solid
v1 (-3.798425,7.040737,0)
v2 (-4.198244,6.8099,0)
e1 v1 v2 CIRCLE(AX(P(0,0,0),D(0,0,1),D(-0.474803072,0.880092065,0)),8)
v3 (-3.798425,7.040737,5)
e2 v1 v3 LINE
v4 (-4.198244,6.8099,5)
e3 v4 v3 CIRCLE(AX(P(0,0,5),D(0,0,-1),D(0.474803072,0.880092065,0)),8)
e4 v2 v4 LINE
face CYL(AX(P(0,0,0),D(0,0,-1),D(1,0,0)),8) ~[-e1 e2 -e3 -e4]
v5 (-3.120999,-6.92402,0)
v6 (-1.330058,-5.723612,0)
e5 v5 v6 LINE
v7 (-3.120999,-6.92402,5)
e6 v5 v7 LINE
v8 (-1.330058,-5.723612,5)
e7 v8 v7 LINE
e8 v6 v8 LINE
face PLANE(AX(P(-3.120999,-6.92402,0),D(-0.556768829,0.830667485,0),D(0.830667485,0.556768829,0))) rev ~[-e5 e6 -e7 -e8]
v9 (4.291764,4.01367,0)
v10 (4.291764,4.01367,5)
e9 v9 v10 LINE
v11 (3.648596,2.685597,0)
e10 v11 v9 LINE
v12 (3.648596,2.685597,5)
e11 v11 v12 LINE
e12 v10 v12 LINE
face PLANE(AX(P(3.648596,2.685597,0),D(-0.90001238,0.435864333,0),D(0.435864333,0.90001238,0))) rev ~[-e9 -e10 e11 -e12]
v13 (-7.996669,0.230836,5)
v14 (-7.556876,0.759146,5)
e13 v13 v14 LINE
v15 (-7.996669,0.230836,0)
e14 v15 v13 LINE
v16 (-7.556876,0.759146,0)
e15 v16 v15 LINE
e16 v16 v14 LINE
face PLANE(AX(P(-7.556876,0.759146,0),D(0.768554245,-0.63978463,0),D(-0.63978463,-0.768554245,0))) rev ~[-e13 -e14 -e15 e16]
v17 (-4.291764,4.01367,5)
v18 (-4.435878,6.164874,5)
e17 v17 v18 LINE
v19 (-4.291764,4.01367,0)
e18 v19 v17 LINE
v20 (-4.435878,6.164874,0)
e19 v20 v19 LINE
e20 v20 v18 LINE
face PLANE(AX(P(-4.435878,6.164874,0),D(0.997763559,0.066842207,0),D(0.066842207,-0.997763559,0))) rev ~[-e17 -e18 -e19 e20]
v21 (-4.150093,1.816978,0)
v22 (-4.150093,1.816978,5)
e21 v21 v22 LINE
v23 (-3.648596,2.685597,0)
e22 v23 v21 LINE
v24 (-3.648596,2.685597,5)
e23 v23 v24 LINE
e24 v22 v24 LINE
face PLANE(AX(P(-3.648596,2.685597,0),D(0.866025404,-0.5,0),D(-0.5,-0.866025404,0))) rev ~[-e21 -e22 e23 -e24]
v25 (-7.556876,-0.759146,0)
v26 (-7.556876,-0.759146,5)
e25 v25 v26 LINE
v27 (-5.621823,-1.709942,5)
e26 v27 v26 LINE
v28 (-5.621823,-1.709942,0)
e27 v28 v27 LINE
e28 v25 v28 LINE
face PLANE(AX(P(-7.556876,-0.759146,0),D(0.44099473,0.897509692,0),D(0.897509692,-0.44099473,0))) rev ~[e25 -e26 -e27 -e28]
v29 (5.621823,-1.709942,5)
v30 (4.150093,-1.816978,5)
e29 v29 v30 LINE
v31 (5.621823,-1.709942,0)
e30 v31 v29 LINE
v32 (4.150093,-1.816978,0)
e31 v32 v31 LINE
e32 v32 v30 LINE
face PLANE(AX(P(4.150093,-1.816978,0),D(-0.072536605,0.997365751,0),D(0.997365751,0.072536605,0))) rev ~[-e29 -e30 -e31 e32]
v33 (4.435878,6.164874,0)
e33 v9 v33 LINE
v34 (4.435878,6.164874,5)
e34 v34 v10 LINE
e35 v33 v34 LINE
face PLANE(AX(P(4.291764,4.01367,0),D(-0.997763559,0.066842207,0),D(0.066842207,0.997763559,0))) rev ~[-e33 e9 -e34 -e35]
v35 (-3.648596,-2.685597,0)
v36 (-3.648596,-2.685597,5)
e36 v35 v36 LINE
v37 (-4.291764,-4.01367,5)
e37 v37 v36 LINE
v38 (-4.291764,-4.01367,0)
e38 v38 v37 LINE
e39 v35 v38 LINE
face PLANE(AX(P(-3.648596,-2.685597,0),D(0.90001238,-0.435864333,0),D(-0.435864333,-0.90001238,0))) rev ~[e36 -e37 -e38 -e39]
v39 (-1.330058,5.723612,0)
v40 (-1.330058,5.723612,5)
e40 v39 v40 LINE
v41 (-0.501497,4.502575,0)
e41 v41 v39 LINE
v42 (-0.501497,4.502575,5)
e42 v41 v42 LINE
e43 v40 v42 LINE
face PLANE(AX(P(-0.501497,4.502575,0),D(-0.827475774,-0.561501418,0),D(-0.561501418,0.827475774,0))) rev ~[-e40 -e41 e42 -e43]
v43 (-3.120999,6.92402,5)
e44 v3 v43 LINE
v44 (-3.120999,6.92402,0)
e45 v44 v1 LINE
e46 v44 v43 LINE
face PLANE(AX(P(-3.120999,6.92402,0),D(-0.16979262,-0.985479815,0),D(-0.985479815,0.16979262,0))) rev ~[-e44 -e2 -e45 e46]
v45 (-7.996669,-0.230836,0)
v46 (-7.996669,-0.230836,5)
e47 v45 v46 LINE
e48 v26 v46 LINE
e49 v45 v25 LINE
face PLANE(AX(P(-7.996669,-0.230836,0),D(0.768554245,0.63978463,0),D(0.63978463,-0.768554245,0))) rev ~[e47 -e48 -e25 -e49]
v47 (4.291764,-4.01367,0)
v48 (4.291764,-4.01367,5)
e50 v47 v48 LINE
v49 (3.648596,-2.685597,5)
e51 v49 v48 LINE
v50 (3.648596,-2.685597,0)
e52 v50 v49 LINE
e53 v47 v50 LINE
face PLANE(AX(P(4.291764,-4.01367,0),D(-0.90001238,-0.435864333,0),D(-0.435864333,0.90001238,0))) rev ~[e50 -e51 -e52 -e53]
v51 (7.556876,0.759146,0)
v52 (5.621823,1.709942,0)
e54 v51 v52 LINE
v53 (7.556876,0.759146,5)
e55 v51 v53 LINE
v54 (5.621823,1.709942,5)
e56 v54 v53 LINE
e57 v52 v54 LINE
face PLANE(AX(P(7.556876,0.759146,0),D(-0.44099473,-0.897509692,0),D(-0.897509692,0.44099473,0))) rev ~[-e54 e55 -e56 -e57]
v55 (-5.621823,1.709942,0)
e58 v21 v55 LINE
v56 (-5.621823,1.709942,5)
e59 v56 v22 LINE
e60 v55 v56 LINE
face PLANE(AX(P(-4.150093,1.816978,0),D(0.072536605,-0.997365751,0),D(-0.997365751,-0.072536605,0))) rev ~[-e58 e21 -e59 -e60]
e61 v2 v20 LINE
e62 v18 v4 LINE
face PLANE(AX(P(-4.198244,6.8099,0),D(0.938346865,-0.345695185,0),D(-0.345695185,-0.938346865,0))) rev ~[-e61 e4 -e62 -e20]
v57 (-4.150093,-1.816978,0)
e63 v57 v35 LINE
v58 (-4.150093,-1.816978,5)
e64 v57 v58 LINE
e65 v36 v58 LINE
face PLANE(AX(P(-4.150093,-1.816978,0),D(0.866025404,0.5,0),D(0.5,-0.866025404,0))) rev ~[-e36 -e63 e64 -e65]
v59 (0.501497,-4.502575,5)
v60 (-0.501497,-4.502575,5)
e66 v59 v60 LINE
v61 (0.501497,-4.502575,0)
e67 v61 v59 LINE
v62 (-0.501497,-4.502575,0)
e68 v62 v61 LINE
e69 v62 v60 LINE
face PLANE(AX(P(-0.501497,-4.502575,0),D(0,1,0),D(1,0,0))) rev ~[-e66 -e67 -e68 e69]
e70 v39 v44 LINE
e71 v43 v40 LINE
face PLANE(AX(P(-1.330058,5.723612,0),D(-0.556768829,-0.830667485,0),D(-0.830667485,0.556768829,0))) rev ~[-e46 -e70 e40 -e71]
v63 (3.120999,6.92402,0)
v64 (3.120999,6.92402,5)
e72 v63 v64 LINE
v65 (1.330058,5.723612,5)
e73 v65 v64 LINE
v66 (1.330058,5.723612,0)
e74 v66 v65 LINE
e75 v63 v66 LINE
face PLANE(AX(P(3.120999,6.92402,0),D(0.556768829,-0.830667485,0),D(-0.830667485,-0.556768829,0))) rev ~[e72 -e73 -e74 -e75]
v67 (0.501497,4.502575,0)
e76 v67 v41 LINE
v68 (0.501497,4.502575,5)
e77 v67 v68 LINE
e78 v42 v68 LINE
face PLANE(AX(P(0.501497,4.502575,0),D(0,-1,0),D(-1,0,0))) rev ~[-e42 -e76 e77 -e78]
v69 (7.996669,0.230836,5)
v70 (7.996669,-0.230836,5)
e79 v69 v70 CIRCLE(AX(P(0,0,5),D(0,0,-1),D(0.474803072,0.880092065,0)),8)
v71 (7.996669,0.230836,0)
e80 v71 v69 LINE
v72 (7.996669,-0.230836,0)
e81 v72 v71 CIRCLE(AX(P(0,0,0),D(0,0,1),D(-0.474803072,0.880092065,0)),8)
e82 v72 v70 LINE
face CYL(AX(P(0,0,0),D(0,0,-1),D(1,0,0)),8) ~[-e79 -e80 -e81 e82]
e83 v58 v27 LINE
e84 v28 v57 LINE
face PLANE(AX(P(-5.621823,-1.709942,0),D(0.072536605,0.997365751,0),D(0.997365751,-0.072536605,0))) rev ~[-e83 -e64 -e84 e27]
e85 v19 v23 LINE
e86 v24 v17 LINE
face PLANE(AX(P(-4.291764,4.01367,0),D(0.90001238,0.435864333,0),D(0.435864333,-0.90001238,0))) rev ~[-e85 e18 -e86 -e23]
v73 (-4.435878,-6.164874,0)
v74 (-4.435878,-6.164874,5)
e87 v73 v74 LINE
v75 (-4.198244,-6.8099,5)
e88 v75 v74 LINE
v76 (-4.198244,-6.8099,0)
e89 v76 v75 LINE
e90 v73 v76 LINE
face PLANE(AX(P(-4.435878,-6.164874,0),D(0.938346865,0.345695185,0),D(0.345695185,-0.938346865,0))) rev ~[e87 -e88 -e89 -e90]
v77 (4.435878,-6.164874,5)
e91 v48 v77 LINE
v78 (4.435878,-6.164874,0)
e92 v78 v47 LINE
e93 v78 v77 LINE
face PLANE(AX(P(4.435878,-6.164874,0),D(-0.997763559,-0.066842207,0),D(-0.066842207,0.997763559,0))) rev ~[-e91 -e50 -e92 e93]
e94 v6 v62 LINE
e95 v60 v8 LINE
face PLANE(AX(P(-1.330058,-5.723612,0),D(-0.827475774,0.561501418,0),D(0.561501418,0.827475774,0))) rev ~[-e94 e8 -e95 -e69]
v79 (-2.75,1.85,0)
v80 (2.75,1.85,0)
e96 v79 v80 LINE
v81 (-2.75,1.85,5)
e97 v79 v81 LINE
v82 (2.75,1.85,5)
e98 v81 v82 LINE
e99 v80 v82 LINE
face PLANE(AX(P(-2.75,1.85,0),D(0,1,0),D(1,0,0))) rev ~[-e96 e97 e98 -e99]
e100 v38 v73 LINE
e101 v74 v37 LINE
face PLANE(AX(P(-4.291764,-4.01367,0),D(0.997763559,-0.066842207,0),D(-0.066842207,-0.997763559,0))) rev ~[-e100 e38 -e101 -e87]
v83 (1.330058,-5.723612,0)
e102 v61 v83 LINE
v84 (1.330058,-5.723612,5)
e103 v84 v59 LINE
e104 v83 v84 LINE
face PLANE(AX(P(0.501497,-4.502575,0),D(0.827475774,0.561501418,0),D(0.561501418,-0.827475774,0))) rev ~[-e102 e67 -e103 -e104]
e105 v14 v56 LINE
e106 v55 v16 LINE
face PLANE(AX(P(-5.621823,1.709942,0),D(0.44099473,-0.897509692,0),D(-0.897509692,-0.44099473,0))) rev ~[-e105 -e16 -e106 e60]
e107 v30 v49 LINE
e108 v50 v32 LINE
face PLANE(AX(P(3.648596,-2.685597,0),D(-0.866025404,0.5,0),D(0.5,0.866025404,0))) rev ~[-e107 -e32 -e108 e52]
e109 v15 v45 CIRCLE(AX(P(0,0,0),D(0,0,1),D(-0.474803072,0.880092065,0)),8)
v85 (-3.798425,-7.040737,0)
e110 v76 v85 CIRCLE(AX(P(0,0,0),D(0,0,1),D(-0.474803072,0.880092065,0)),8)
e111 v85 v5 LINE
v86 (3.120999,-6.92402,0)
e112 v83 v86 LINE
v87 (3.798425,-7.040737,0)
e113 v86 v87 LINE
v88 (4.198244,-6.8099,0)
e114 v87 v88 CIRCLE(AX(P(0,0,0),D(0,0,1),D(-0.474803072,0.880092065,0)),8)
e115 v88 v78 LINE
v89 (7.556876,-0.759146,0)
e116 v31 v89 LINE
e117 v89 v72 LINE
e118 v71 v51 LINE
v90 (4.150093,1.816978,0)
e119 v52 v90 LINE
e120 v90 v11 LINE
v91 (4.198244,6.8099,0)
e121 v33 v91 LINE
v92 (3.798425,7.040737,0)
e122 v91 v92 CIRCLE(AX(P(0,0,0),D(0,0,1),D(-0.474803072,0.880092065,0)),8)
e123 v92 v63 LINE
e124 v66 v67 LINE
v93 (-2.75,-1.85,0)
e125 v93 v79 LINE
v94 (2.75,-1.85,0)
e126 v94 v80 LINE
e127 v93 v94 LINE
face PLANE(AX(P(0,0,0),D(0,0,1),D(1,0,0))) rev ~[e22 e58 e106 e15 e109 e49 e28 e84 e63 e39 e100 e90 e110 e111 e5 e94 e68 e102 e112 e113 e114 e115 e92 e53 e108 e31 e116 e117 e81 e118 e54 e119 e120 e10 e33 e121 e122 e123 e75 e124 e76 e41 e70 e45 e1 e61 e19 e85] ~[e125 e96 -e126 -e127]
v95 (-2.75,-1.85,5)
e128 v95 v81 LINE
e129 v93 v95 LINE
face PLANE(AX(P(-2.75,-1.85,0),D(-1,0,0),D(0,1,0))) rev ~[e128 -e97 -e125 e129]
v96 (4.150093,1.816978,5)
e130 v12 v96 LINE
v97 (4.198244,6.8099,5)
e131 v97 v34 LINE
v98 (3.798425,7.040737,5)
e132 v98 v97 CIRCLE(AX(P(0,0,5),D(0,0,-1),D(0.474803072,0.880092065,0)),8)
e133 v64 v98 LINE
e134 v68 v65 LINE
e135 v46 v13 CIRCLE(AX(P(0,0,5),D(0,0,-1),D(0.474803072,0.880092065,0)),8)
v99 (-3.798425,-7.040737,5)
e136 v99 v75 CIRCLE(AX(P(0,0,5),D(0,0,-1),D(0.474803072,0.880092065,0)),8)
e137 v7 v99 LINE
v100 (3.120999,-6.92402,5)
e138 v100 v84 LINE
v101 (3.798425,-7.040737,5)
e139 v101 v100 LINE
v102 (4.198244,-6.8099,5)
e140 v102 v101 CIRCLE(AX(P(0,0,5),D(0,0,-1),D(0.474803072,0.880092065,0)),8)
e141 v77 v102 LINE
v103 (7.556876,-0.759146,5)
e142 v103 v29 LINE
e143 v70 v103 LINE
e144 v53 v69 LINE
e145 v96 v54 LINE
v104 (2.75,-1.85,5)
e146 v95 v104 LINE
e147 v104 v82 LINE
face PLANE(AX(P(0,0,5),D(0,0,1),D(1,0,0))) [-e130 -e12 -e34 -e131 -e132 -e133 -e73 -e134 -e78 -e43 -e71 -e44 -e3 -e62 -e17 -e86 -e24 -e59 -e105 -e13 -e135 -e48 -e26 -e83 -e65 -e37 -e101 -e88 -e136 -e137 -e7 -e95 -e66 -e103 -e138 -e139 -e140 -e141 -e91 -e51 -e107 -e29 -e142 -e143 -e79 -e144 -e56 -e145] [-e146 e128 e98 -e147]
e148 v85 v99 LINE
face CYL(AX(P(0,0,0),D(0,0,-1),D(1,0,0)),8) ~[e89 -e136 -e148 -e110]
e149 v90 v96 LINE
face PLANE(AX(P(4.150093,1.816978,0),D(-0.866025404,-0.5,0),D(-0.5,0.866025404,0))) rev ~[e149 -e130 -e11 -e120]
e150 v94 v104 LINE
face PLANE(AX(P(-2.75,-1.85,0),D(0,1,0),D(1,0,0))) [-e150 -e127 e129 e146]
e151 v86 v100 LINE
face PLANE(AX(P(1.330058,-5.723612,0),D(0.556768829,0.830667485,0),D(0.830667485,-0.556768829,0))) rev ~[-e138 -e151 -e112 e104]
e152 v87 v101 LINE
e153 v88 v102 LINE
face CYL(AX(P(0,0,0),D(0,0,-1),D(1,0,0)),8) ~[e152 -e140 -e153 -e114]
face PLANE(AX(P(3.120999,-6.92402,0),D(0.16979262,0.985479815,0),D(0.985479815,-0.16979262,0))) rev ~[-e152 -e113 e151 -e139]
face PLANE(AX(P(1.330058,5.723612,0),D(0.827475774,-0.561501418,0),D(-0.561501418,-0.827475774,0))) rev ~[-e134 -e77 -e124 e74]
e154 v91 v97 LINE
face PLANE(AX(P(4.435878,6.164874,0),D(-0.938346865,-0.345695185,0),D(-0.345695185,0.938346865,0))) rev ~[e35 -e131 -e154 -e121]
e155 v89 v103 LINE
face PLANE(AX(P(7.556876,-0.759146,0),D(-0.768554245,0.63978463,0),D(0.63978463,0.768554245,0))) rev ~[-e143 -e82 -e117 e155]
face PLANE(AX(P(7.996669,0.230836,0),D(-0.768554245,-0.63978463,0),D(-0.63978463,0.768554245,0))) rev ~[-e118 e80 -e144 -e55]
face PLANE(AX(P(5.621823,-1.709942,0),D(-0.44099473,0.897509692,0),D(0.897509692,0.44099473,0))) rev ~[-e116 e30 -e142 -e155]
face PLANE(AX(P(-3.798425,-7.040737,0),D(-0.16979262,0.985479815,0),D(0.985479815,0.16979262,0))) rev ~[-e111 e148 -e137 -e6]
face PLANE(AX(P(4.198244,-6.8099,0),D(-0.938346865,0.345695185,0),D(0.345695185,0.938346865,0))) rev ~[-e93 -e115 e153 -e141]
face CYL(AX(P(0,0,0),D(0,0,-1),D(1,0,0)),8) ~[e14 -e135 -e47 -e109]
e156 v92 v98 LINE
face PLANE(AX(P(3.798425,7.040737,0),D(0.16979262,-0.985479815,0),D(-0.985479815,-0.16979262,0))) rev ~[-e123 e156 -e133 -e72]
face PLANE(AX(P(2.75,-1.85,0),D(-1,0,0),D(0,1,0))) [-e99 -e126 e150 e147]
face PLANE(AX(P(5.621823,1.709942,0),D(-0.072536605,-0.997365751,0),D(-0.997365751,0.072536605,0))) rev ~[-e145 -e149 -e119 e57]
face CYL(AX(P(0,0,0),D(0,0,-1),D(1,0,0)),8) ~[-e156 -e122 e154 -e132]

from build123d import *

# Parameters (mm, degrees)
SKETCH1_R           = 8
SKETCH1_W           = 5.5
SKETCH1_H           = 3.7
BOSS_EXTRUDE1_DEPTH = 5
CUT_EXTRUDE1_DEPTH  = 13.369316877
CIRPATTERN1_COUNT   = 6


with BuildPart() as part:
    # Sketch1 → Boss-Extrude1 (new body)
    with BuildSketch(Plane.XY):
        Circle(SKETCH1_R)
        Rectangle(SKETCH1_W, SKETCH1_H, mode=Mode.SUBTRACT)
    extrude(amount=BOSS_EXTRUDE1_DEPTH)

    # Sketch2 → Cut-Extrude1 (cut, through all)
    with BuildSketch(Plane.XY):
        Polygon((-7.331932906, 22.221764399), (0, 24.952212466), (7.331932906, 22.221764399), (3.798424573, 7.040736522), (3.120998591, 6.924019842), (1.330058439, 5.723612136), (0.501497444, 4.50257488), (-0.501497444, 4.50257488), (-1.330058439, 5.723612136), (-3.120998591, 6.924019842), (-3.798424573, 7.040736522), align=None)
    cut_extrude1 = extrude(amount=CUT_EXTRUDE1_DEPTH, mode=Mode.SUBTRACT)

    # CirPattern1: Cut-Extrude1 ×6 about axis
    cirpattern1_axis = Axis((0, 0, 0), (0, 0, 1))
    for i in range(1, CIRPATTERN1_COUNT):
        add(cut_extrude1.rotate(cirpattern1_axis, i * 360 / CIRPATTERN1_COUNT), mode=Mode.SUBTRACT)


solid = part.part
